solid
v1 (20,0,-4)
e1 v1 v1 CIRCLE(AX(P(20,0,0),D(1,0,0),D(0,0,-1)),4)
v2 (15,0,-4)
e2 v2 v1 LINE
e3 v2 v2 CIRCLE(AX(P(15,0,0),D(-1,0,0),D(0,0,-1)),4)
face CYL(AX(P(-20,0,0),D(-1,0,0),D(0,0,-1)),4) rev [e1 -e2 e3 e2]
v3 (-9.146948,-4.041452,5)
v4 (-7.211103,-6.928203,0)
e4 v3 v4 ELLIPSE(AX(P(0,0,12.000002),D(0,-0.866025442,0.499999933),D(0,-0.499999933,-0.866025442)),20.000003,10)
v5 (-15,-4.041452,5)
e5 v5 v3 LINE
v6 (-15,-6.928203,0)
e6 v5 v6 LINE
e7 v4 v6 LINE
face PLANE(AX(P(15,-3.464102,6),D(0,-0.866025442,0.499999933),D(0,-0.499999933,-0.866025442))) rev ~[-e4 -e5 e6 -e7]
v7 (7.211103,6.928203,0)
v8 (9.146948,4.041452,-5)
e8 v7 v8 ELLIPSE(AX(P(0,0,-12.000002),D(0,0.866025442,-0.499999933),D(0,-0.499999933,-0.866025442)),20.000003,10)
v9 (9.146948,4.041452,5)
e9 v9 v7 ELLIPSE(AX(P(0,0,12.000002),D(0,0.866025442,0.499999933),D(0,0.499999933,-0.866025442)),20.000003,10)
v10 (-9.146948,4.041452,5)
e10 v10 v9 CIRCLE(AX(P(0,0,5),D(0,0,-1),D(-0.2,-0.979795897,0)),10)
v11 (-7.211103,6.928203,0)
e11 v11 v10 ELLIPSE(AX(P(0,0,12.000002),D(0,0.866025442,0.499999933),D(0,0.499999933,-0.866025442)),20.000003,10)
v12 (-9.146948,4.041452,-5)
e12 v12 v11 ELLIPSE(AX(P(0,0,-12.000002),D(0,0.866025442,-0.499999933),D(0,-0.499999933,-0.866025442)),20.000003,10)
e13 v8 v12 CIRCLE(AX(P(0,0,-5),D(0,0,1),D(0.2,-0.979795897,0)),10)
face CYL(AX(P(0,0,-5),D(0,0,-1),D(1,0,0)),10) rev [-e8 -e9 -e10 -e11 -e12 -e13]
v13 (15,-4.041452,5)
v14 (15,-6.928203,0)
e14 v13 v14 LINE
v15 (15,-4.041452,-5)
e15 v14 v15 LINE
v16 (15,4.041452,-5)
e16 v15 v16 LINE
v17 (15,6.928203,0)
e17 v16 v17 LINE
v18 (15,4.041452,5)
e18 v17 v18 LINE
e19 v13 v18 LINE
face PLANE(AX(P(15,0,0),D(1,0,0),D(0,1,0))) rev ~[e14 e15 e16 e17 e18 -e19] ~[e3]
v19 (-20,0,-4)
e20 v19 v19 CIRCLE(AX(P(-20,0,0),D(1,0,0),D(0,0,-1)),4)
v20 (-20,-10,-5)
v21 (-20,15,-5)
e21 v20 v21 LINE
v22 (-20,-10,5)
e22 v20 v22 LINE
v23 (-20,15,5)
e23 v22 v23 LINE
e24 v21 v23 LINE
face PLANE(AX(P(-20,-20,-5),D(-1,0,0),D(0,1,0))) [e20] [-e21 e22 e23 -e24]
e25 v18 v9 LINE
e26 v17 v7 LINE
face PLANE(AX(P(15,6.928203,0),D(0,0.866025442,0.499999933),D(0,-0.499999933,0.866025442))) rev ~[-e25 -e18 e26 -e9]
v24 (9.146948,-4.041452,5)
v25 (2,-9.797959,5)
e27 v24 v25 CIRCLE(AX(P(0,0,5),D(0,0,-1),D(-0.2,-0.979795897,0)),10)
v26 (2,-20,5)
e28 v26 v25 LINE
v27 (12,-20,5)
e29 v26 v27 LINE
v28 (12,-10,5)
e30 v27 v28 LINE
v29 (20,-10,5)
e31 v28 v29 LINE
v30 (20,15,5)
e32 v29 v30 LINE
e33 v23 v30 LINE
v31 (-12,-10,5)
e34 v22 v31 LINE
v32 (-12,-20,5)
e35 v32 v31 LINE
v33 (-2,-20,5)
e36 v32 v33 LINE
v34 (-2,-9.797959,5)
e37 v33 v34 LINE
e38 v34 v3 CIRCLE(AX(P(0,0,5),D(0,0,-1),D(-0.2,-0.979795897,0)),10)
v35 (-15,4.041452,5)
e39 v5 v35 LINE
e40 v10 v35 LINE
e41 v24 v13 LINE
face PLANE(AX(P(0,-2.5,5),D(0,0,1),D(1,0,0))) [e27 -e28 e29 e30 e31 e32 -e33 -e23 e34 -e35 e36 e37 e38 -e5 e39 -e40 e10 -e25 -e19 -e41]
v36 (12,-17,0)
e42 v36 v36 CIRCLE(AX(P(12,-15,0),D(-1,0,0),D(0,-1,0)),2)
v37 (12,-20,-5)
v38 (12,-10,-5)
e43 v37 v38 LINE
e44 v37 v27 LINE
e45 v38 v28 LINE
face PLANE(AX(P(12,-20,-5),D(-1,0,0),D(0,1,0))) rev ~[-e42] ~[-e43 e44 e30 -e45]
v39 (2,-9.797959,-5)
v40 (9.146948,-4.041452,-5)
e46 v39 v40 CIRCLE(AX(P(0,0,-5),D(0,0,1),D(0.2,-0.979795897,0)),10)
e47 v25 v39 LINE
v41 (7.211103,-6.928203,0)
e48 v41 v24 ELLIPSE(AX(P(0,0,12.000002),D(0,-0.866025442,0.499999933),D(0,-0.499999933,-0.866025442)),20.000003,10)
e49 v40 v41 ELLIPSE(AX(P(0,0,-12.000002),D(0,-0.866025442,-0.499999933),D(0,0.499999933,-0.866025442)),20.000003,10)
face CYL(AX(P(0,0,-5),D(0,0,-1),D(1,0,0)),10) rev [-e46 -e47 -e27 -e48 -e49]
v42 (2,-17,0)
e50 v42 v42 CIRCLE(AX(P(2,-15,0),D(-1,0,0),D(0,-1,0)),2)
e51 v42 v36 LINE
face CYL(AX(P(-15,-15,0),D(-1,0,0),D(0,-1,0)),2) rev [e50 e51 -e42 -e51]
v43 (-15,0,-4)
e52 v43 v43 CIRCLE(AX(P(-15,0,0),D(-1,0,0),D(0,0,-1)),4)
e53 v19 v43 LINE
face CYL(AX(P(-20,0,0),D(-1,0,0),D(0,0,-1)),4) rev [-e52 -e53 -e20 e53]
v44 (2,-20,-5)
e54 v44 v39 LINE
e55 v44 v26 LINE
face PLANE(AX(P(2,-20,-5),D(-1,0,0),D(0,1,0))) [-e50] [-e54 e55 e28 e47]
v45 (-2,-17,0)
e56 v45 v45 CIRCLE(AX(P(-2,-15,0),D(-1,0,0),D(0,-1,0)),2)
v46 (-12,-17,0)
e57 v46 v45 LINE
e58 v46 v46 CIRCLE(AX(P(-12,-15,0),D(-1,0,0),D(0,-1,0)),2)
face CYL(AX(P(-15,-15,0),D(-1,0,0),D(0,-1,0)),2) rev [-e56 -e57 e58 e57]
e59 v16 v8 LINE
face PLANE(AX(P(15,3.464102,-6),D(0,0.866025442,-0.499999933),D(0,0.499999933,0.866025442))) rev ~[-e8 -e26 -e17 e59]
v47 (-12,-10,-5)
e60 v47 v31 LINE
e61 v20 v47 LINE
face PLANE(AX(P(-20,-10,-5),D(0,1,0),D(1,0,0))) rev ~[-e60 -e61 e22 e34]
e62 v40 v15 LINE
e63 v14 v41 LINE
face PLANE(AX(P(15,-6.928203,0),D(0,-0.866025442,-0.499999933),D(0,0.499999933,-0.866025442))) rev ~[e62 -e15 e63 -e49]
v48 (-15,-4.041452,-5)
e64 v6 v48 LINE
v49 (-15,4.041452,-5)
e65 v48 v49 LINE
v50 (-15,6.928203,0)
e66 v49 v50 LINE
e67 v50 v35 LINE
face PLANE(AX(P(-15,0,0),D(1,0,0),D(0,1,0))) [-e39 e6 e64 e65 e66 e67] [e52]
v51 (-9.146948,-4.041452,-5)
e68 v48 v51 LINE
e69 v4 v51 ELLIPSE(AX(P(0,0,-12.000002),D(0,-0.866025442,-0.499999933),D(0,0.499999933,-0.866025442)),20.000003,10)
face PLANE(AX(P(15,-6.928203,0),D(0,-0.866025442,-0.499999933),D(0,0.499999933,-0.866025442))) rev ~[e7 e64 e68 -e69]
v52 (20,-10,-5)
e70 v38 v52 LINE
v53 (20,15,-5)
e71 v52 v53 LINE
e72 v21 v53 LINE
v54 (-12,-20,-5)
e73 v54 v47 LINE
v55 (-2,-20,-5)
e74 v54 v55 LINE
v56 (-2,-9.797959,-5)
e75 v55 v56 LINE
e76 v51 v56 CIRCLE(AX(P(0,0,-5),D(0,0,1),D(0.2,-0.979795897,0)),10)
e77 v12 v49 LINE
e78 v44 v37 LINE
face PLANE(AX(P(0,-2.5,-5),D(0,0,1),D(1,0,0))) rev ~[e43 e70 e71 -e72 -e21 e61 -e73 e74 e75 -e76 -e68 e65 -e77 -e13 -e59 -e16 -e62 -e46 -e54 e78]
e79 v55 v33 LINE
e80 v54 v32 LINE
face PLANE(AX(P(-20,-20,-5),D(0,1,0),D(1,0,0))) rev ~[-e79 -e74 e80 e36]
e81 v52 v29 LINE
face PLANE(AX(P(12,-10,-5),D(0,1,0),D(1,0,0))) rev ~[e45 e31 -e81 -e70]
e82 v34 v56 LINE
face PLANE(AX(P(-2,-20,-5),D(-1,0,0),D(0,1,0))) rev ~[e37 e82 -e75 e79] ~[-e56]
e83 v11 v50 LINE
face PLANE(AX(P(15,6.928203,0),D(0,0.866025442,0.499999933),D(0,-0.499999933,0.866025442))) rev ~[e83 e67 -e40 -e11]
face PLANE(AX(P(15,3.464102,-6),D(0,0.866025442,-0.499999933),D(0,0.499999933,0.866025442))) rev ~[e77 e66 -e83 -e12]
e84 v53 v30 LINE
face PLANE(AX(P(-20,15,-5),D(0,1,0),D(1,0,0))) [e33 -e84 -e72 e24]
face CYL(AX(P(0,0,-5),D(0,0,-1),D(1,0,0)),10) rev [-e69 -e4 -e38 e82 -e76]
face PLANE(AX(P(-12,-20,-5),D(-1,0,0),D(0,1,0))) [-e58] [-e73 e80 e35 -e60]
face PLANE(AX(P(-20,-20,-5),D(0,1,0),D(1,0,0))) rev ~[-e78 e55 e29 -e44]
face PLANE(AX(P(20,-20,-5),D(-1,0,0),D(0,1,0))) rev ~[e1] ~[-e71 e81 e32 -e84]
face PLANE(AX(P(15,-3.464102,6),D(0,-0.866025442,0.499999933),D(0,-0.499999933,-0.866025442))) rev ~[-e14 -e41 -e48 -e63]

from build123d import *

# Parameters (mm, degrees)
CYLINDER_R              = 10
CYLINDER_DEPTH          = 10
CYLINDER001_R           = 2
CYLINDER001_DEPTH       = 30
PAD001_DEPTH            = 30
CYLINDER002_R           = 4
CYLINDER002_DEPTH       = 40
CYLINDER002_PITCH_ANGLE = 90
BOX003_W                = 8
BOX003_H                = 10
BOX003_DEPTH            = 10
BOX002_W                = 8
BOX002_H                = 10
BOX002_DEPTH            = 10
BOX001_W                = 4
BOX001_H                = 12
BOX001_DEPTH            = 10
BOX_W                   = 40
BOX_H                   = 35
BOX_DEPTH               = 10


with BuildPart() as cylinder:
    # Cylinder → Cylinder (new body)
    with BuildSketch(Plane.XY.offset(-5)):
        Circle(CYLINDER_R)
    extrude(amount=CYLINDER_DEPTH)


with BuildPart() as cylinder001:
    # Cylinder001 → Cylinder001 (new body)
    with BuildSketch(Plane(origin=(-15, -15, 0), x_dir=(0, -1, 0), z_dir=(1, 0, 0))):
        Circle(CYLINDER001_R)
    extrude(amount=CYLINDER001_DEPTH)


with BuildPart() as other_nut:
    # Sketch001 → Pad001 (new body)
    with BuildSketch(Plane.YZ):
        Polygon((3.464102, 6), (-3.464102, 6), (-6.928203, 0), (-3.464102, -6), (3.464102, -6), (6.928203, 0), align=None)
    extrude(amount=-PAD001_DEPTH)


with BuildPart() as other_nut_1:
    # Body001 placement: moved
    add(other_nut.part.moved(Location((15, 0, 0))))


with BuildPart() as other_screw:
    # Cylinder002 → Cylinder002 (new body)
    with BuildSketch(Plane.XY):
        Circle(CYLINDER002_R)
    extrude(amount=CYLINDER002_DEPTH)


with BuildPart() as other_screw_1:
    # Cylinder002 pitch: moved
    add(other_screw.part.rotate(Axis((0, 0, 0), (0, 1, 0)), CYLINDER002_PITCH_ANGLE))


with BuildPart() as other_screw_2:
    # Cylinder002 placement: moved
    add(other_screw_1.part.moved(Location((-20, 0, 0))))


with BuildPart() as cube003:
    # Box003 → Box003 (new body)
    with BuildSketch(Plane(origin=(-20, -20, -5), x_dir=(1, 0, 0), z_dir=(0, 0, 1))):
        with Locations((4, 5)):
            Rectangle(BOX003_W, BOX003_H)
    extrude(amount=BOX003_DEPTH)


with BuildPart() as cube002:
    # Box002 → Box002 (new body)
    with BuildSketch(Plane(origin=(12, -20, -5), x_dir=(1, 0, 0), z_dir=(0, 0, 1))):
        with Locations((4, 5)):
            Rectangle(BOX002_W, BOX002_H)
    extrude(amount=BOX002_DEPTH)


with BuildPart() as negative_fusion:
    # Box001 → Box001 (new body)
    with BuildSketch(Plane(origin=(-2, -20, -5), x_dir=(1, 0, 0), z_dir=(0, 0, 1))):
        with Locations((2, 6)):
            Rectangle(BOX001_W, BOX001_H)
    extrude(amount=BOX001_DEPTH)

    # Fusion: union Cylinder, Cylinder001, Other Nut, Other Screw, Cube003, Cube002
    add(cylinder.part)
    add(cylinder001.part)
    add(other_nut_1.part)
    add(other_screw_2.part)
    add(cube003.part)
    add(cube002.part)


with BuildPart() as cut:
    # Box → Box (new body)
    with BuildSketch(Plane(origin=(-20, -20, -5), x_dir=(1, 0, 0), z_dir=(0, 0, 1))):
        with Locations((20, 17.5)):
            Rectangle(BOX_W, BOX_H)
    extrude(amount=BOX_DEPTH)

    # Cut: cut Negative Fusion
    add(negative_fusion.part, mode=Mode.SUBTRACT)


solid = cut.part
